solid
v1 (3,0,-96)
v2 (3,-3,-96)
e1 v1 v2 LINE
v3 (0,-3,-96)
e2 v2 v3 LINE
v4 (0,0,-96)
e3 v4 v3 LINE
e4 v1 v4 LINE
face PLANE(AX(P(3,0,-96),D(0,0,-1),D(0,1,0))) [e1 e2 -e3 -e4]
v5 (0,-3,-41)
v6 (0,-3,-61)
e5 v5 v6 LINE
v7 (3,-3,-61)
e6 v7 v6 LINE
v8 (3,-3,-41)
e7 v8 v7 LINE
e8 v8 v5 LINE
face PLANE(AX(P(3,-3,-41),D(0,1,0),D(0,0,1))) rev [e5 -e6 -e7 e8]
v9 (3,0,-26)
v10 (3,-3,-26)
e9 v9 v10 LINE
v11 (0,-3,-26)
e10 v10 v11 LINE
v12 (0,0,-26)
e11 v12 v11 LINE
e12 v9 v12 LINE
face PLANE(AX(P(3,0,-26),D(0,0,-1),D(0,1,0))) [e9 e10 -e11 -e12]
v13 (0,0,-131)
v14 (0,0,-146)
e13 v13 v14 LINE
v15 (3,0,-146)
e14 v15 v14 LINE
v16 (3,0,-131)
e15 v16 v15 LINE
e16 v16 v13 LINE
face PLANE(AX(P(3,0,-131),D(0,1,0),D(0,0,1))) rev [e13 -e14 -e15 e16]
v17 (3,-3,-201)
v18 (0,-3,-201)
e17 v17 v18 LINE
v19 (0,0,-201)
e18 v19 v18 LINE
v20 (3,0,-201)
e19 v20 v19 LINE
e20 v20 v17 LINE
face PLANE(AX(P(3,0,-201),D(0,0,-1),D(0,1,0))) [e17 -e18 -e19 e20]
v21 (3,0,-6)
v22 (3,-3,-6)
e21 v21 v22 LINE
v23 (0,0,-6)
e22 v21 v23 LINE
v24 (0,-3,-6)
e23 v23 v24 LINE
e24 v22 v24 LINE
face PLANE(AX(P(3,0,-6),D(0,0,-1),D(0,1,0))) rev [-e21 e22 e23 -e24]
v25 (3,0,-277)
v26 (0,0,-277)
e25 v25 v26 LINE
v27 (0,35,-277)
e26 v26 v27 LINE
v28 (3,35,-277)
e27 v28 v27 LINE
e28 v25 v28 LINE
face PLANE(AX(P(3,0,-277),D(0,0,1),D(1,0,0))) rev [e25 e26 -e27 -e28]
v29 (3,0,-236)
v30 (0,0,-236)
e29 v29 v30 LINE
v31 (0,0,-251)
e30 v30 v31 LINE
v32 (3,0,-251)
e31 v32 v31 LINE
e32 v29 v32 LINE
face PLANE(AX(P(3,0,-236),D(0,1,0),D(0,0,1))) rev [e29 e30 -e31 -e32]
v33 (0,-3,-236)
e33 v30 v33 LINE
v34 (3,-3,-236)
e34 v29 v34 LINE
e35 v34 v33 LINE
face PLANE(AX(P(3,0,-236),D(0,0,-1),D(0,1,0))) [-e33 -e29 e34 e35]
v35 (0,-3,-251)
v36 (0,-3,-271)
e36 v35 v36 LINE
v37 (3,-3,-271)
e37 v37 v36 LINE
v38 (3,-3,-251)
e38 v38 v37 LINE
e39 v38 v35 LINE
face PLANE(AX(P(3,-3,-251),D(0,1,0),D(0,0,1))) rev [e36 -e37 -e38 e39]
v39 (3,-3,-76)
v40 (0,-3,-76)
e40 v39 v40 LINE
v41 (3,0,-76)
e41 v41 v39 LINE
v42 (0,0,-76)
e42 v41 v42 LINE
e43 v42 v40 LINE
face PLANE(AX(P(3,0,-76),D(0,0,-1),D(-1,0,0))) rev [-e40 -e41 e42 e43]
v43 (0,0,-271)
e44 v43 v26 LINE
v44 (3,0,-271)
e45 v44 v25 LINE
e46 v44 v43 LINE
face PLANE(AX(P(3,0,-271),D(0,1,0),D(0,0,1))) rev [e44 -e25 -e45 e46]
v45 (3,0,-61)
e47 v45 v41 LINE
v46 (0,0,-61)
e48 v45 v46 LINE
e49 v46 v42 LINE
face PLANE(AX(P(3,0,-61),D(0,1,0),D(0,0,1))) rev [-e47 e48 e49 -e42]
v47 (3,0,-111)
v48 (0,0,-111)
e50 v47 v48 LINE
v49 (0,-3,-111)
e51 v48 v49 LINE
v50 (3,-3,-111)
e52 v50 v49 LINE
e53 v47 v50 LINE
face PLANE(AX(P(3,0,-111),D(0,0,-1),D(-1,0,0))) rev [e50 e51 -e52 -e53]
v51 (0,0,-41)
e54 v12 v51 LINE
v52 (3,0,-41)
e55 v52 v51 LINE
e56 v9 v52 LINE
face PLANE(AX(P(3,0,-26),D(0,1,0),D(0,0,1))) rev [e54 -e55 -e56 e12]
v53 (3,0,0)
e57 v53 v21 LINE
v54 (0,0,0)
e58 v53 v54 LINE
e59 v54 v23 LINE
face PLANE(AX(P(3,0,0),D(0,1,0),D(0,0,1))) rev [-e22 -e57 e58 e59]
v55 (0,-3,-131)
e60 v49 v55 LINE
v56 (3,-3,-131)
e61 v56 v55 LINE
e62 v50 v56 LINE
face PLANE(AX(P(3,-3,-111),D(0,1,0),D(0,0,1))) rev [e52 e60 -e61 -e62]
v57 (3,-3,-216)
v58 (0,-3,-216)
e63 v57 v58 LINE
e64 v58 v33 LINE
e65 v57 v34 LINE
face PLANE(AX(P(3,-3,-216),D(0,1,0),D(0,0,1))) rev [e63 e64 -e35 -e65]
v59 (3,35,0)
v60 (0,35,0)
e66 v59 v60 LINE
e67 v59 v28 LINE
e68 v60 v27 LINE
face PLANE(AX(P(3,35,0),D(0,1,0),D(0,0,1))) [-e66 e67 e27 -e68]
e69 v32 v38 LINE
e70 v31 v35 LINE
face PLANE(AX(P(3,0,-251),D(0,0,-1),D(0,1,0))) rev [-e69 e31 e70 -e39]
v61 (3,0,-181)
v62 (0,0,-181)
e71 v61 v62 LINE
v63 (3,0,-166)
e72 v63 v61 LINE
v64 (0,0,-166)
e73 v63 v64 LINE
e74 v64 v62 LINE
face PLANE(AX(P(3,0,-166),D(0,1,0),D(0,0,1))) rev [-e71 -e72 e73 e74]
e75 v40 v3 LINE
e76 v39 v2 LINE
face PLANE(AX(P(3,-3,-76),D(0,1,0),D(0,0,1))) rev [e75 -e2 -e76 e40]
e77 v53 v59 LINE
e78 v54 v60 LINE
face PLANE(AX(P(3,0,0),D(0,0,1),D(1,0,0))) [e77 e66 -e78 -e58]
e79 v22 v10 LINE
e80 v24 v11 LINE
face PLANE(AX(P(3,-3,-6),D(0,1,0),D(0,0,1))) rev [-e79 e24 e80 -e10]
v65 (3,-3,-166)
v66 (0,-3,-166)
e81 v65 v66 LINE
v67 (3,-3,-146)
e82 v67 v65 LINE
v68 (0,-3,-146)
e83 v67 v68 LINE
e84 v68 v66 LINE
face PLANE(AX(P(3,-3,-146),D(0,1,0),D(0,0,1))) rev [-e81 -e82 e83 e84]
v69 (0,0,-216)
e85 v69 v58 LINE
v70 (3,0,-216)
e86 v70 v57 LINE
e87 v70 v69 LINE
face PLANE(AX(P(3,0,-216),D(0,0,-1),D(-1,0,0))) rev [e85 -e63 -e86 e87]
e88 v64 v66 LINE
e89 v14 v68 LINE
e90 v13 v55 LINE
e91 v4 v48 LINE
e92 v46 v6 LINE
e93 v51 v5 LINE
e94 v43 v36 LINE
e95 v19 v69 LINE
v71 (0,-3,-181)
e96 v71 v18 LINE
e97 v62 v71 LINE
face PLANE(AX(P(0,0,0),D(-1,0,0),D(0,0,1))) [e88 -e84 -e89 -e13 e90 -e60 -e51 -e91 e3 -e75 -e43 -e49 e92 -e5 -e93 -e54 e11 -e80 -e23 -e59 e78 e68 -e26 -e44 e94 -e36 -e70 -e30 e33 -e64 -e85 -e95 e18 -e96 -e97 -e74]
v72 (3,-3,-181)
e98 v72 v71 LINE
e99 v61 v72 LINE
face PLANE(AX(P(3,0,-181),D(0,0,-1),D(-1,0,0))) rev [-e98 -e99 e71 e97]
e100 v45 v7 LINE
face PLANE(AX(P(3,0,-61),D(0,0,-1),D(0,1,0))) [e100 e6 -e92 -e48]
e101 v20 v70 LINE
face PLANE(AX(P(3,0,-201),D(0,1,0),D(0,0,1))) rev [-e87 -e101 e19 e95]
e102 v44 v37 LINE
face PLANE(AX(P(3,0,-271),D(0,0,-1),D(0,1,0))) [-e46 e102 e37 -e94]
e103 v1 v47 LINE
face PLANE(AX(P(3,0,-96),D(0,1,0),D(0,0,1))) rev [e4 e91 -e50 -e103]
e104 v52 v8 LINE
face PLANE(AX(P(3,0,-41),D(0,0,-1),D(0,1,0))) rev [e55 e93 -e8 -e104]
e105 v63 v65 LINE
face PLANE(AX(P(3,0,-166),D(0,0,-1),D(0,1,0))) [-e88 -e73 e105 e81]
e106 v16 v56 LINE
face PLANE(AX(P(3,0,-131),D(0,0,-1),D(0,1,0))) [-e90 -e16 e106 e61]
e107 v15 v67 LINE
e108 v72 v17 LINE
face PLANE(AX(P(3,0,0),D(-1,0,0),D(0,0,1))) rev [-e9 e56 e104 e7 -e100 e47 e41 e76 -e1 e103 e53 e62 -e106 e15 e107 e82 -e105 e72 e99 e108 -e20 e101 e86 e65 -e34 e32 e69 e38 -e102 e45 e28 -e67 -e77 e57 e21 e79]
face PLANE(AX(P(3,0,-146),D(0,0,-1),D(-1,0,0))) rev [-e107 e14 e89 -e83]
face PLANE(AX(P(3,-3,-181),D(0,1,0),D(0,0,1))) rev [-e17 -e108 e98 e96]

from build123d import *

# Parameters (mm, degrees)
BOSS_EXTRUDE1_DEPTH = 3


with BuildPart() as part:
    # Sketch1 → Boss-Extrude1 (new body)
    with BuildSketch(Plane(origin=(0, 0, 0), x_dir=(0, 0, -1), z_dir=(1, 0, 0))):
        Polygon((26, 0), (41, 0), (41, -3), (61, -3), (61, 0), (76, 0), (76, -3), (96, -3), (96, 0), (111, 0), (111, -3), (131, -3), (131, 0), (146, 0), (146, -3), (166, -3), (166, 0), (181, 0), (181, -3), (201, -3), (201, 0), (216, 0), (216, -3), (236, -3), (236, 0), (251, 0), (251, -3), (271, -3), (271, 0), (277, 0), (277, 35), (0, 35), (0, 0), (6, 0), (6, -3), (26, -3), align=None)
    extrude(amount=BOSS_EXTRUDE1_DEPTH)


solid = part.part
